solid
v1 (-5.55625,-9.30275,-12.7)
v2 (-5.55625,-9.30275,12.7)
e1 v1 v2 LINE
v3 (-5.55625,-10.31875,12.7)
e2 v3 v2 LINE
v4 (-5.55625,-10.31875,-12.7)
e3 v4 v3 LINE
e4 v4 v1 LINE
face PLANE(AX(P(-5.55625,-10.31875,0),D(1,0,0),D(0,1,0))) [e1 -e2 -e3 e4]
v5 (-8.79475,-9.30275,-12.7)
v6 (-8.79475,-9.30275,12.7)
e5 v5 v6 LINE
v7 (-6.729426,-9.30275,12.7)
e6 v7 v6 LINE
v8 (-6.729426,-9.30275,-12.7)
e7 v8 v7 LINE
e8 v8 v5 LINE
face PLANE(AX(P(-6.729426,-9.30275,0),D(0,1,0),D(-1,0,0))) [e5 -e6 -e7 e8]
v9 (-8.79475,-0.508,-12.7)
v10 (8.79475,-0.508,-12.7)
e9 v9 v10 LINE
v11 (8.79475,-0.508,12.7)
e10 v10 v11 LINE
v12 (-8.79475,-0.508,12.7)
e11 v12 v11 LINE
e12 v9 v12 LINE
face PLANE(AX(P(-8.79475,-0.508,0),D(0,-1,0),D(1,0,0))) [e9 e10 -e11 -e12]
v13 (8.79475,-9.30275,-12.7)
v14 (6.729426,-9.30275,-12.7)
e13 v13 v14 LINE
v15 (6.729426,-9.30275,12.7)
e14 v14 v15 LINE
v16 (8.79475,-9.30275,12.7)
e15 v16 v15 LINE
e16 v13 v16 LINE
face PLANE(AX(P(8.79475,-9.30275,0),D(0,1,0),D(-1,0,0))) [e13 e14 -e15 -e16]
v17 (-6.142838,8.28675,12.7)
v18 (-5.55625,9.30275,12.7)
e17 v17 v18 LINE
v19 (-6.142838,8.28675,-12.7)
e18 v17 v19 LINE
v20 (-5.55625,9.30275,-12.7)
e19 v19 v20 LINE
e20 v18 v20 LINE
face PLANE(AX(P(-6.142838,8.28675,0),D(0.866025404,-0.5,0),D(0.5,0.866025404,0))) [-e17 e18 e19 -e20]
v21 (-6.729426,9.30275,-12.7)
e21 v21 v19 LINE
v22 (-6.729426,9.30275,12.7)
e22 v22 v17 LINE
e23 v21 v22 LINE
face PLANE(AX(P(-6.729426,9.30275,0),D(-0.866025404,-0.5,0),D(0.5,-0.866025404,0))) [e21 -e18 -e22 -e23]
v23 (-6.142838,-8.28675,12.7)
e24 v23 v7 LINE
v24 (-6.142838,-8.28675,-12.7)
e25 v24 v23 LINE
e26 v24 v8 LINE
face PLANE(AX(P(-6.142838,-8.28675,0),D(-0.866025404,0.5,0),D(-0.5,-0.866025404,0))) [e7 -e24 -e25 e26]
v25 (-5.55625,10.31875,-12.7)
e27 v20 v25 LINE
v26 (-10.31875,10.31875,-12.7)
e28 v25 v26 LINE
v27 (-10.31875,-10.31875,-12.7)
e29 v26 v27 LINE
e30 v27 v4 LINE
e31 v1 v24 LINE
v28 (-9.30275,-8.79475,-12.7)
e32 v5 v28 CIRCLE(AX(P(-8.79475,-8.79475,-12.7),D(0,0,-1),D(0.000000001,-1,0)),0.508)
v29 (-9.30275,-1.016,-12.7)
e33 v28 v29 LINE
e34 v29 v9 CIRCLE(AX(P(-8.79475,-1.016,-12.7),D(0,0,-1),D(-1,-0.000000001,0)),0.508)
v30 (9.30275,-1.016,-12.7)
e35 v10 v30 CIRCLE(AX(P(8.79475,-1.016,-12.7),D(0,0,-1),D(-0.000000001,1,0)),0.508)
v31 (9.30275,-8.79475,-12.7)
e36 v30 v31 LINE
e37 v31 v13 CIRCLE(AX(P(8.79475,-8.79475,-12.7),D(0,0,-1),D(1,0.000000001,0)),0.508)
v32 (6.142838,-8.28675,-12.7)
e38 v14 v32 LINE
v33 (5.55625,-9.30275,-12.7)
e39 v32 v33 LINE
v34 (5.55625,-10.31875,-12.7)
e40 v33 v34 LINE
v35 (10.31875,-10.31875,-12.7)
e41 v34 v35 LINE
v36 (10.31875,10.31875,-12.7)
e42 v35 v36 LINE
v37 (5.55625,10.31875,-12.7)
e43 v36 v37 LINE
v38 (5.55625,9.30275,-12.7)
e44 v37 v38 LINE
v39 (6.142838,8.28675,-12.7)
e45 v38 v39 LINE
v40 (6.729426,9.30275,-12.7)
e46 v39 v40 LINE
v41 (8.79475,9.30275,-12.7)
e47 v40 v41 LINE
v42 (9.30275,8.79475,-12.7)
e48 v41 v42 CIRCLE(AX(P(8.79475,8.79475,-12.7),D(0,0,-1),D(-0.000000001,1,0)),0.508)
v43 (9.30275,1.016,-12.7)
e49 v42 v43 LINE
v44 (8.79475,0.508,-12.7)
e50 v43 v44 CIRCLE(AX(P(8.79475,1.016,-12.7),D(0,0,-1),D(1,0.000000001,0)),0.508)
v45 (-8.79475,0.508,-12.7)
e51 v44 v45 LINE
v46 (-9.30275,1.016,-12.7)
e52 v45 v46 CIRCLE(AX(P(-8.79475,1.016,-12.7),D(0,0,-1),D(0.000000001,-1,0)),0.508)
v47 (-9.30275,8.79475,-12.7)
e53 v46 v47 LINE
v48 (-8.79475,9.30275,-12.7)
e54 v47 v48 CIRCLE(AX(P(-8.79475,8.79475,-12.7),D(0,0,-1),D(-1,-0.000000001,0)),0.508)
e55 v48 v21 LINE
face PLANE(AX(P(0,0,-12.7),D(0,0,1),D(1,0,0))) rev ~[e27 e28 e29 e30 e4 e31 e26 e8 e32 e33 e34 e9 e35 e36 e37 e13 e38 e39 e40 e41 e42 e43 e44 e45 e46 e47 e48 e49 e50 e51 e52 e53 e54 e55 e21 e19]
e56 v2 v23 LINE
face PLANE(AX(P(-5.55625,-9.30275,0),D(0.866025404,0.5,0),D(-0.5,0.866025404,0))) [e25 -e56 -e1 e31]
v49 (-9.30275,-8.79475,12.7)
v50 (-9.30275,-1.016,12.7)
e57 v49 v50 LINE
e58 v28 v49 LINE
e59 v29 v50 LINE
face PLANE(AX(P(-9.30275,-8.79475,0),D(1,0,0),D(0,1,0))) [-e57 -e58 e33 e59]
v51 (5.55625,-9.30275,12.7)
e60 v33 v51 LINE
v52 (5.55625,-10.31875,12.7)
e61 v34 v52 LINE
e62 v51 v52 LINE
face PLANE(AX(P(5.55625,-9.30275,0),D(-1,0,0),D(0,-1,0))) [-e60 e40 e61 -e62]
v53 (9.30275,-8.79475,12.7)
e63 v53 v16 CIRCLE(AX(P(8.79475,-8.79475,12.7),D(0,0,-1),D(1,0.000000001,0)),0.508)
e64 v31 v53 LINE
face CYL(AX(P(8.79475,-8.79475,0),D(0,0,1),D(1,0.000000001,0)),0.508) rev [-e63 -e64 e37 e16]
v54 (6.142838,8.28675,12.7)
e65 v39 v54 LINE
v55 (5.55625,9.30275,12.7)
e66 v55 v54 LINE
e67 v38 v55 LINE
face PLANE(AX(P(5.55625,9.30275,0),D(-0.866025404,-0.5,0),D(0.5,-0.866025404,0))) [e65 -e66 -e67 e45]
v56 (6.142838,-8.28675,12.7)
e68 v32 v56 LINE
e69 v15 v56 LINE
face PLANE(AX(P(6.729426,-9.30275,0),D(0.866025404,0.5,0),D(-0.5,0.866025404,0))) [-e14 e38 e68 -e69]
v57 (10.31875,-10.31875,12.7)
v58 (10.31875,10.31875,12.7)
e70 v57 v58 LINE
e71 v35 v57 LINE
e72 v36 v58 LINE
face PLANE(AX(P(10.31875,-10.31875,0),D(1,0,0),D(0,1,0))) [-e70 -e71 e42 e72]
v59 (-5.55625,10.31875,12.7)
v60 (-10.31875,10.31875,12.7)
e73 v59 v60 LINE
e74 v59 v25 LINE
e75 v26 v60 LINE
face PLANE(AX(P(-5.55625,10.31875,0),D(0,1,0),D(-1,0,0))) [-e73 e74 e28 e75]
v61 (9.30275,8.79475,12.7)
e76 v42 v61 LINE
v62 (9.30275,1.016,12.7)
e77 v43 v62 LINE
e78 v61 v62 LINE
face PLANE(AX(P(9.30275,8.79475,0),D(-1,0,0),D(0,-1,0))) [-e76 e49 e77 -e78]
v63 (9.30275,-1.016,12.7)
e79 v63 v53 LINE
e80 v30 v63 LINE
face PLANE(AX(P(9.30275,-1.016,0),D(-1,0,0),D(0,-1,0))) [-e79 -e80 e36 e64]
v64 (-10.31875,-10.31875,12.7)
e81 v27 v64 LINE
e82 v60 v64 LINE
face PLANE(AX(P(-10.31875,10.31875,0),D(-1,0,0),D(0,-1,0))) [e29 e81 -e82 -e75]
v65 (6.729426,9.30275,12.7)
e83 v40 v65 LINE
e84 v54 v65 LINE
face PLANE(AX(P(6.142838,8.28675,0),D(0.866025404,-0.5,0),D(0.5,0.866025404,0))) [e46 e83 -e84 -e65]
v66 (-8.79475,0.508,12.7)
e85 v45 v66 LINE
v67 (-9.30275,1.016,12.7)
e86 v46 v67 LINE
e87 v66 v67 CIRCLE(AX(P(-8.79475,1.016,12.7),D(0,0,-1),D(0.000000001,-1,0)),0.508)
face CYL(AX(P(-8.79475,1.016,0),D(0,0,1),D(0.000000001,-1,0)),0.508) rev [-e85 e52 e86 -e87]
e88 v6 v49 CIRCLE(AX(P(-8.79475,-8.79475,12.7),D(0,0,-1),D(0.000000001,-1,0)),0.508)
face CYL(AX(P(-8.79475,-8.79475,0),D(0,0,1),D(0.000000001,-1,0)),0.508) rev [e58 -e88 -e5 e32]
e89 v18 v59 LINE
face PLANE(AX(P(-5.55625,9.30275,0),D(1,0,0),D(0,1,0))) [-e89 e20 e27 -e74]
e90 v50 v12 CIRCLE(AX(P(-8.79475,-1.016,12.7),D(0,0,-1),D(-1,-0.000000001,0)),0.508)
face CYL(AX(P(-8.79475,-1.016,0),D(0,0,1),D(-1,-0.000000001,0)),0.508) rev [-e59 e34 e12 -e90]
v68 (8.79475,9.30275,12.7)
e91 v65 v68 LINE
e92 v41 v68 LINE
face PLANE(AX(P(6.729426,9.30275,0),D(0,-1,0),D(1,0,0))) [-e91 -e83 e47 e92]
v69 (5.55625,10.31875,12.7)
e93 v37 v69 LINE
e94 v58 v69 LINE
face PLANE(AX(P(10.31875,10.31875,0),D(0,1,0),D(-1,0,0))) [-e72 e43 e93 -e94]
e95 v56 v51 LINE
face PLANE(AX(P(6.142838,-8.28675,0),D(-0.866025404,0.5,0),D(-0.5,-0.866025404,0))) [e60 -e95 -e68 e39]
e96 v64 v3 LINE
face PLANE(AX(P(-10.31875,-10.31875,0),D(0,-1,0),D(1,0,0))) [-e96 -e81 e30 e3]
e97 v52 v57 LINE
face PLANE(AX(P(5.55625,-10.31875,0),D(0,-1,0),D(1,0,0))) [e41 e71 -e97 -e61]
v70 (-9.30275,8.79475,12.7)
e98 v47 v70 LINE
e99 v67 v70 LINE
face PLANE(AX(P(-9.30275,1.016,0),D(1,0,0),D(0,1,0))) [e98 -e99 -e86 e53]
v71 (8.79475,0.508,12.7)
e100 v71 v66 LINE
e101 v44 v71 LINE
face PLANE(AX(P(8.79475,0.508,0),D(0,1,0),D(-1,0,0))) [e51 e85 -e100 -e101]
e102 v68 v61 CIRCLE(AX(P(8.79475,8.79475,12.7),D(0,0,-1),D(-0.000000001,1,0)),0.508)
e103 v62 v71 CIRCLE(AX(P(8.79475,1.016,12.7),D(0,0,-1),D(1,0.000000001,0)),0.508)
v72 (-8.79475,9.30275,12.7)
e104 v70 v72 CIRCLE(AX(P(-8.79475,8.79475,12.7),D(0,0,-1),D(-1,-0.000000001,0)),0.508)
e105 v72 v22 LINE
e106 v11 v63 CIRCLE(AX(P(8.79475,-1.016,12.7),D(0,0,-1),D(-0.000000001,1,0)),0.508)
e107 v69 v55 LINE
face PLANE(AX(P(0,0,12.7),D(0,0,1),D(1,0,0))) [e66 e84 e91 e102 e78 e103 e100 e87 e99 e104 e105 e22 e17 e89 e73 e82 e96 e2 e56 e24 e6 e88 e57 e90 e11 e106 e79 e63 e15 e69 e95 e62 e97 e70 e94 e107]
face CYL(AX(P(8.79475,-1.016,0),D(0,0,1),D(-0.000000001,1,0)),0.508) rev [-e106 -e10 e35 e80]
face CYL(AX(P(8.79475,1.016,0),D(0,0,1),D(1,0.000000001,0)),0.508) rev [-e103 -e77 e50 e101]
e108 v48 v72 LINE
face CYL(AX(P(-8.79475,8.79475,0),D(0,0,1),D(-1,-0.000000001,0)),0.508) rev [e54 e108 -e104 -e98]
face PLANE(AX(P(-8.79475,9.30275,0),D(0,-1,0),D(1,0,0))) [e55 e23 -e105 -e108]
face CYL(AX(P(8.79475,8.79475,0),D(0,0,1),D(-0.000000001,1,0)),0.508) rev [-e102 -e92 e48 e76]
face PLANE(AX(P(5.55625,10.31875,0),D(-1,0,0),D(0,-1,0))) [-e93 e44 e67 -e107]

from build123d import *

# Parameters (mm, degrees)
BASE_EXTRUDE_DEPTH = 12.7


with BuildPart() as part:
    # Sketch1 → Base-Extrude (new, symmetric)
    with BuildSketch(Plane.XY):
        with BuildLine():
            Line((-5.55625, 10.31875), (-10.31875, 10.31875))
            Line((-10.31875, 10.31875), (-10.31875, -10.31875))
            Line((-10.31875, -10.31875), (-5.55625, -10.31875))
            Line((-5.55625, -10.31875), (-5.55625, -9.30275))
            Line((-5.55625, -9.30275), (-6.142837874, -8.28675))
            Line((-6.142837874, -8.28675), (-6.729425747, -9.30275))
            Line((-6.729425747, -9.30275), (-8.79475, -9.30275))
            ThreePointArc((-8.79475, -9.30275), (-9.153960245, -9.153960245), (-9.30275, -8.79475))
            Line((-9.30275, -8.79475), (-9.30275, -1.016))
            ThreePointArc((-9.30275, -1.016), (-9.153960245, -0.656789755), (-8.79475, -0.508))
            Line((-8.79475, -0.508), (8.79475, -0.508))
            ThreePointArc((8.79475, -0.508), (9.153960245, -0.656789755), (9.30275, -1.016))
            Line((9.30275, -1.016), (9.30275, -8.79475))
            ThreePointArc((9.30275, -8.79475), (9.153960245, -9.153960245), (8.79475, -9.30275))
            Line((8.79475, -9.30275), (6.729425747, -9.30275))
            Line((6.729425747, -9.30275), (6.142837874, -8.28675))
            Line((6.142837874, -8.28675), (5.55625, -9.30275))
            Line((5.55625, -9.30275), (5.55625, -10.31875))
            Line((5.55625, -10.31875), (10.31875, -10.31875))
            Line((10.31875, -10.31875), (10.31875, 10.31875))
            Line((10.31875, 10.31875), (5.55625, 10.31875))
            Line((5.55625, 10.31875), (5.55625, 9.30275))
            Line((5.55625, 9.30275), (6.142837874, 8.28675))
            Line((6.142837874, 8.28675), (6.729425747, 9.30275))
            Line((6.729425747, 9.30275), (8.79475, 9.30275))
            ThreePointArc((8.79475, 9.30275), (9.153960245, 9.153960245), (9.30275, 8.79475))
            Line((9.30275, 8.79475), (9.30275, 1.016))
            ThreePointArc((9.30275, 1.016), (9.153960245, 0.656789755), (8.79475, 0.508))
            Line((8.79475, 0.508), (-8.79475, 0.508))
            ThreePointArc((-8.79475, 0.508), (-9.153960245, 0.656789755), (-9.30275, 1.016))
            Line((-9.30275, 1.016), (-9.30275, 8.79475))
            ThreePointArc((-9.30275, 8.79475), (-9.153960245, 9.153960245), (-8.79475, 9.30275))
            Line((-8.79475, 9.30275), (-6.729425747, 9.30275))
            Line((-6.729425747, 9.30275), (-6.142837874, 8.28675))
            Line((-6.142837874, 8.28675), (-5.55625, 9.30275))
            Line((-5.55625, 9.30275), (-5.55625, 10.31875))
        make_face()
    extrude(amount=BASE_EXTRUDE_DEPTH, both=True)


solid = part.part
